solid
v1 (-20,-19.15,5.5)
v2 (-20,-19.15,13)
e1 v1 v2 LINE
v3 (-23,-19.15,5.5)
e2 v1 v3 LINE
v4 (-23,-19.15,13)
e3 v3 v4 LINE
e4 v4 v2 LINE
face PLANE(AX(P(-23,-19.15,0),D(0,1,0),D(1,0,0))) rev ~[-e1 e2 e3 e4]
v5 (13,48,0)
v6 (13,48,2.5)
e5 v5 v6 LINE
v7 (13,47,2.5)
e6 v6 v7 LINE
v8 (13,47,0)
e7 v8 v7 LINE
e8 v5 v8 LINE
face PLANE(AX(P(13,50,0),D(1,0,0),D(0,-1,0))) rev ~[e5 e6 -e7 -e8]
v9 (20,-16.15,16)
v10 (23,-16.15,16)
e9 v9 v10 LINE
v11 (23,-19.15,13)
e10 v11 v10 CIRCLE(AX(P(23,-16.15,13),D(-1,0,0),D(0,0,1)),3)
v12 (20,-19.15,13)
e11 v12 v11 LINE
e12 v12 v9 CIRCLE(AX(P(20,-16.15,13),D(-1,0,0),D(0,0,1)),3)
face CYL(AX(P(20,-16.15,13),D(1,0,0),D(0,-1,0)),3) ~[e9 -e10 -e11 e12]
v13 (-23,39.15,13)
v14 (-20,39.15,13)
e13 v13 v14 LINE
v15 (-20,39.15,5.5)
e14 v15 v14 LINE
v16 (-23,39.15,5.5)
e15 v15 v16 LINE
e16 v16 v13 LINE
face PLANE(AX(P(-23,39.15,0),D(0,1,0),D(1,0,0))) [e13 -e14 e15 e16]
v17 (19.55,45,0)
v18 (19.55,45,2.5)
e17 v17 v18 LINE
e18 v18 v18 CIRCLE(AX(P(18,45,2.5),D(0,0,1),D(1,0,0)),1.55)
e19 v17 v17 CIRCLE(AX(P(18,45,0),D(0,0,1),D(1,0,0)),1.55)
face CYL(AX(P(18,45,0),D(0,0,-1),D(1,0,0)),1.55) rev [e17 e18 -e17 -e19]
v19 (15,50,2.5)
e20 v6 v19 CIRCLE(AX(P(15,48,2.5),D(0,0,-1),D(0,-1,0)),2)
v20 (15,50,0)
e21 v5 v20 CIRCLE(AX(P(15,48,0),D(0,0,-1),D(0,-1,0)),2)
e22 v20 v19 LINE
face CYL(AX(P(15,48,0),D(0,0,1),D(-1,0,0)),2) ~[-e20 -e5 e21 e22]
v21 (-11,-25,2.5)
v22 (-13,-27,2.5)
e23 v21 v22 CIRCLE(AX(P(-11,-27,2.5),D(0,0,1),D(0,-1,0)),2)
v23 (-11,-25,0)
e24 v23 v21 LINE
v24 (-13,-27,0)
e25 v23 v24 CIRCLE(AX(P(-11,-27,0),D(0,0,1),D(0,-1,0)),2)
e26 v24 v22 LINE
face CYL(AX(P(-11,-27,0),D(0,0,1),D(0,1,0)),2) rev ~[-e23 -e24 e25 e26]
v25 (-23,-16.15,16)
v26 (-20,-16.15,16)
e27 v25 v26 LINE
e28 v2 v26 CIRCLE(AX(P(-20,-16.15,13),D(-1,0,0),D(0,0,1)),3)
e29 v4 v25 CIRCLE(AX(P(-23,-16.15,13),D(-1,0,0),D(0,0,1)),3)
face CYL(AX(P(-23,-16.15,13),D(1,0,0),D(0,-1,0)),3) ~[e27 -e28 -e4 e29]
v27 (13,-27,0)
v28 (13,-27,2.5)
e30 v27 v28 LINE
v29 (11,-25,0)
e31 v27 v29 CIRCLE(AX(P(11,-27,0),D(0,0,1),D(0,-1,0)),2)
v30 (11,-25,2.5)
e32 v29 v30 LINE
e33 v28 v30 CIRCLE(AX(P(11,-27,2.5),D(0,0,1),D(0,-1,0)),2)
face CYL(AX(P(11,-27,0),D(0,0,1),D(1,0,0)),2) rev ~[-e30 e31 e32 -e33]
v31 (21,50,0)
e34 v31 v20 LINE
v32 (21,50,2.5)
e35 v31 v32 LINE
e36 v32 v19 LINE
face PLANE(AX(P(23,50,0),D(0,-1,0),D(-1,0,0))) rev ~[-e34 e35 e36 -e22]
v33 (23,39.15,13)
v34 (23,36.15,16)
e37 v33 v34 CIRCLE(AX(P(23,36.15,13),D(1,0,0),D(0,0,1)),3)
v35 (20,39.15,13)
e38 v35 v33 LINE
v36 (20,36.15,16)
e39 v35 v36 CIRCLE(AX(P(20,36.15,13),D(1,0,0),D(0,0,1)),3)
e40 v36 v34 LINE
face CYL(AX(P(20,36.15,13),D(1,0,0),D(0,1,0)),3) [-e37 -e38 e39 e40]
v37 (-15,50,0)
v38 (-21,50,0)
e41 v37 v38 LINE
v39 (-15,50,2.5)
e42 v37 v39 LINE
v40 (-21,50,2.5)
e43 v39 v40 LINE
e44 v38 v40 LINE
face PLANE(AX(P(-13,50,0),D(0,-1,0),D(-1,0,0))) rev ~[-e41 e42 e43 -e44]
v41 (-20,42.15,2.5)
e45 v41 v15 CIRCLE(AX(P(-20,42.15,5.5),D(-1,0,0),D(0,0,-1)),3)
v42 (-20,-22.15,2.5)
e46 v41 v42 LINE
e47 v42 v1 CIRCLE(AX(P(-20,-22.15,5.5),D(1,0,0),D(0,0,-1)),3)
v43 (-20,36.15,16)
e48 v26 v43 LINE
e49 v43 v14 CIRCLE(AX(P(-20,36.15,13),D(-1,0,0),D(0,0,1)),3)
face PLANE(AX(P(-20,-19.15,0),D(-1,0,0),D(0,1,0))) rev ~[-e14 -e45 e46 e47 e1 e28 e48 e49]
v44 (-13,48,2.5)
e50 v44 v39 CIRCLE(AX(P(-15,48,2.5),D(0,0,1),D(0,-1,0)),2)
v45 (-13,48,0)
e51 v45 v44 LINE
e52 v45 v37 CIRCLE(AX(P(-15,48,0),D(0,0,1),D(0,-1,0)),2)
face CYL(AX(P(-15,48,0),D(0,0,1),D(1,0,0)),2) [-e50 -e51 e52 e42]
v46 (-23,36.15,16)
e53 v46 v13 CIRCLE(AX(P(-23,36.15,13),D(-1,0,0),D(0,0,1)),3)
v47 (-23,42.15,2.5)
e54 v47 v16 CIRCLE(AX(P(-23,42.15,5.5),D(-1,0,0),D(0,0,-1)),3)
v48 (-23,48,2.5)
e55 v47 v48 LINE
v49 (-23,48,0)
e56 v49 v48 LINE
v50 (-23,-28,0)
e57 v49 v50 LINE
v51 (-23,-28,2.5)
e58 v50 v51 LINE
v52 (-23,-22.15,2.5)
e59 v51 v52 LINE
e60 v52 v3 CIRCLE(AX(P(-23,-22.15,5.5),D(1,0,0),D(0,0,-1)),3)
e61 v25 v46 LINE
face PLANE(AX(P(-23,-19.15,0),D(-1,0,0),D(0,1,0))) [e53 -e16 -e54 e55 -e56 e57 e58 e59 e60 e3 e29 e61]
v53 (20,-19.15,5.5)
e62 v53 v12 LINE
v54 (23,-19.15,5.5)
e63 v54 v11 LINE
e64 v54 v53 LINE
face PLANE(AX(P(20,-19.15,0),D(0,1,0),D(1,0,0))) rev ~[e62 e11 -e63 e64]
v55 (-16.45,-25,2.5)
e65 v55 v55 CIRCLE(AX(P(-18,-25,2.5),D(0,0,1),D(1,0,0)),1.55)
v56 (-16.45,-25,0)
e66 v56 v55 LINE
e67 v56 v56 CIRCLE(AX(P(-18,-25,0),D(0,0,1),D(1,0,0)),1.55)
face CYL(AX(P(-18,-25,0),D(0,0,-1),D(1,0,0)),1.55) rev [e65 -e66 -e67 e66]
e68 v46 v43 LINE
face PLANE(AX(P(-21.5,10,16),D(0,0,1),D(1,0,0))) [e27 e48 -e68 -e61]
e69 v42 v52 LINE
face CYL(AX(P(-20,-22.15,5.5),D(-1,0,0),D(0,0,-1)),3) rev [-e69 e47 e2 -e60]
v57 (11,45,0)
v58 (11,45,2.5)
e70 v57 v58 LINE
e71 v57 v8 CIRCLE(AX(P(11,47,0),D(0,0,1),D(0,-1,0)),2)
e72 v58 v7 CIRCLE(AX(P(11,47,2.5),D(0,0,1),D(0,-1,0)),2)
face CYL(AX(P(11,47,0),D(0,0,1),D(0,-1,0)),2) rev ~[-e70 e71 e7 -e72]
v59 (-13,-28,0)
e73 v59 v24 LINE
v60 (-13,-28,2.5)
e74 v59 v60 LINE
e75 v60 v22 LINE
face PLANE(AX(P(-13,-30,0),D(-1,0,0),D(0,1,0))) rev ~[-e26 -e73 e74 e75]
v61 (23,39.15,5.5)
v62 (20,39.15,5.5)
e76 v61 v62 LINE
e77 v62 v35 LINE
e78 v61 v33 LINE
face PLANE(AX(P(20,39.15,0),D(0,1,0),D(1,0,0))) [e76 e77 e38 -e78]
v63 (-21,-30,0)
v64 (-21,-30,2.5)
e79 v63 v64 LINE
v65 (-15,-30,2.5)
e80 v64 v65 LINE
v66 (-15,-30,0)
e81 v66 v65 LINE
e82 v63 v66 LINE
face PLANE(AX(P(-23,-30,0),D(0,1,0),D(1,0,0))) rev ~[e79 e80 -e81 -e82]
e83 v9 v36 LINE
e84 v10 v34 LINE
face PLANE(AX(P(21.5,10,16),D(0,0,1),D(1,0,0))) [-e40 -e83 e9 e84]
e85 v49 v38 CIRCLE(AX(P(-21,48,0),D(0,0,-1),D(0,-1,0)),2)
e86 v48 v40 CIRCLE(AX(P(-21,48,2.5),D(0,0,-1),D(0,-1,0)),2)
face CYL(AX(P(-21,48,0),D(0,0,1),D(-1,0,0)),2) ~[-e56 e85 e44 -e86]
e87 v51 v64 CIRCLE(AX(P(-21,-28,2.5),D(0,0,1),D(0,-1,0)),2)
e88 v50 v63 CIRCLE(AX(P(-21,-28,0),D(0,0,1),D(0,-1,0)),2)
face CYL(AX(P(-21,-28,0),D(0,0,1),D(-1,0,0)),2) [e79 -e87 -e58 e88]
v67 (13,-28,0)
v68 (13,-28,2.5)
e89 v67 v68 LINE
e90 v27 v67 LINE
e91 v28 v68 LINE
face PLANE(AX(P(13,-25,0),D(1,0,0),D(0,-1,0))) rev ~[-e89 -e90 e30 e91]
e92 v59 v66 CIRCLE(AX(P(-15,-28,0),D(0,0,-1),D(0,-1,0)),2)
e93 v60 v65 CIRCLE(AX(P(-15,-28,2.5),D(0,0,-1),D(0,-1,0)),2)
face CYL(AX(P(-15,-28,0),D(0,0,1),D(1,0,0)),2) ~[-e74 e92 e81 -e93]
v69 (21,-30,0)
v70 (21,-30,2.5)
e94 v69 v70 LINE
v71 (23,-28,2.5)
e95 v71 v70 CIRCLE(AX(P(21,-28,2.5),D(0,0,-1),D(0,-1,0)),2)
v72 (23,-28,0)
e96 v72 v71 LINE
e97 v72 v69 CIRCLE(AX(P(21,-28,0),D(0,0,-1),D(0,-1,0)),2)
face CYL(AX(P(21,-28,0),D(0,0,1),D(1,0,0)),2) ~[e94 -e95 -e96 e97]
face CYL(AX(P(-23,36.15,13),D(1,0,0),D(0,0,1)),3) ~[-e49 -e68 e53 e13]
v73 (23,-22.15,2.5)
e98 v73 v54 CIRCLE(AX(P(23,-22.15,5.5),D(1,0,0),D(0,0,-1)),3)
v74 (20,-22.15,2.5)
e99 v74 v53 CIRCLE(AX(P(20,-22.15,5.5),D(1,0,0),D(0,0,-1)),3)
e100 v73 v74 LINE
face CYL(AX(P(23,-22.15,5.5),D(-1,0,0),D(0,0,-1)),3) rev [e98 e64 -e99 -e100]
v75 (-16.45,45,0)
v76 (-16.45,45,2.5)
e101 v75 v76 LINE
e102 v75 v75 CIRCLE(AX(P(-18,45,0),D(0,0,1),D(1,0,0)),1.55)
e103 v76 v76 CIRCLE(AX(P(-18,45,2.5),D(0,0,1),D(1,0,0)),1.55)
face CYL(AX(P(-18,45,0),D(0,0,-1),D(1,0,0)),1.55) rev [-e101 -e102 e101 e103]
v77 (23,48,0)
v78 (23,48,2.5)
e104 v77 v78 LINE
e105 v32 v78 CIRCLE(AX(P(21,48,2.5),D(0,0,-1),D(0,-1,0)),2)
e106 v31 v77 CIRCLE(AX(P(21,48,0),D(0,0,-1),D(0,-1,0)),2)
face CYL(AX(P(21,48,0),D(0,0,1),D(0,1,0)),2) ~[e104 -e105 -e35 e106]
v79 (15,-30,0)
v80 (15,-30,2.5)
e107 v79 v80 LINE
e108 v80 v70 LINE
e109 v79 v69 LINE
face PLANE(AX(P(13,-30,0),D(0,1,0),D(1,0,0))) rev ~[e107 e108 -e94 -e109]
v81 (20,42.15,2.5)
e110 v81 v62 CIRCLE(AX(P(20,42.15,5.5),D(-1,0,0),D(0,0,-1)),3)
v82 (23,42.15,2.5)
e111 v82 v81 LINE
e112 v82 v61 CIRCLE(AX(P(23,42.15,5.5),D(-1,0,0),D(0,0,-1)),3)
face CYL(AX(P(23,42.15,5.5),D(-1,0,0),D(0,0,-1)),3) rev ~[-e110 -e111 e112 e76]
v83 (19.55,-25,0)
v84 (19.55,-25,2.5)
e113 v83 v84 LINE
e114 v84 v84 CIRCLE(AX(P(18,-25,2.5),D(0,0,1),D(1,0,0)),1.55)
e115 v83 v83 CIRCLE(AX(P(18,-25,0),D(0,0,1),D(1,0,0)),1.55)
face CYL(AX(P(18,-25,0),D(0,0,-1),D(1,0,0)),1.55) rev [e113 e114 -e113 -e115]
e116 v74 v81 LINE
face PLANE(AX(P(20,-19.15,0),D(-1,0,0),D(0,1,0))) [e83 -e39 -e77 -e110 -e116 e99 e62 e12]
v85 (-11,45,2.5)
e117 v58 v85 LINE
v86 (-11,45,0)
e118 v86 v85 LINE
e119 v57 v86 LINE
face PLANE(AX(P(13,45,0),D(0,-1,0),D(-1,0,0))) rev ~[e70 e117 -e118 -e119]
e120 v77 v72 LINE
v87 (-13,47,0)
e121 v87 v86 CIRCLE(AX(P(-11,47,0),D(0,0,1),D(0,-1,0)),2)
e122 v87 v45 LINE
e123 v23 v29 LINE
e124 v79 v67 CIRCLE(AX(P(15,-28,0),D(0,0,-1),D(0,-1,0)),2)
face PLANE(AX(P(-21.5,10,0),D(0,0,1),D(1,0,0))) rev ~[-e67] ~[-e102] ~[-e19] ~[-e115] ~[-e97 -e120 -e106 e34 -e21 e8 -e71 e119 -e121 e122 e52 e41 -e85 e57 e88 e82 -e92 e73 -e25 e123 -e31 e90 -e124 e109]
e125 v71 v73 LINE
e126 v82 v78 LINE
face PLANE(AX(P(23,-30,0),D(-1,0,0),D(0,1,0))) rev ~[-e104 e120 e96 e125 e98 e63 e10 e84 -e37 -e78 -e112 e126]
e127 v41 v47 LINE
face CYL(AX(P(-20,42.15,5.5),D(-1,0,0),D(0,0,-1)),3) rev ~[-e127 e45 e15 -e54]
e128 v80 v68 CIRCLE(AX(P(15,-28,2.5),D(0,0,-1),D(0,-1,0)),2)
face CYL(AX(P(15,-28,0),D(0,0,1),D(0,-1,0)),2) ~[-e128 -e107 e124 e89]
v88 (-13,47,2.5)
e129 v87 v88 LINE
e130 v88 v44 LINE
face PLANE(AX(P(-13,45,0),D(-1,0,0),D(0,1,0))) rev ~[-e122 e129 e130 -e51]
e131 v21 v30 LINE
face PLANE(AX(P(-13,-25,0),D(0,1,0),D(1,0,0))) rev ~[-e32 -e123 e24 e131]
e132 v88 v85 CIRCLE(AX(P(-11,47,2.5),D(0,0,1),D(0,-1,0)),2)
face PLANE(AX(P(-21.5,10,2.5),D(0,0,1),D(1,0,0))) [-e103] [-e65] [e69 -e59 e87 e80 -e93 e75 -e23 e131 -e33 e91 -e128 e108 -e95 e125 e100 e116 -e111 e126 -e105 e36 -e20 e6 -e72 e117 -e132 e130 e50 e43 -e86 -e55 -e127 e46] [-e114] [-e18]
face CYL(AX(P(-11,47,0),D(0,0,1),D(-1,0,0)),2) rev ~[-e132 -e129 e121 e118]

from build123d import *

# Parameters (mm, degrees)
SKETCH1_R           = 1.55
BOSS_EXTRUDE2_DEPTH = 2.5
SKETCH1_4_W         = 3
SKETCH1_4_H         = 58.3
BOSS_EXTRUDE3_DEPTH = 16
FILLET1_R           = 2
FILLET2_R           = 3


with BuildPart() as part:
    # Sketch1 → Boss-Extrude2 (new body)
    with BuildSketch(Plane.XY):
        Polygon((-23, -30), (-13, -30), (-13, -25), (13, -25), (13, -30), (23, -30), (23, 50), (13, 50), (13, 45), (-13, 45), (-13, 50), (-23, 50), align=None)
        with Locations((-18, 45)):
            Circle(SKETCH1_R, mode=Mode.SUBTRACT)
        with Locations((18, 45)):
            Circle(SKETCH1_R, mode=Mode.SUBTRACT)
        with Locations((18, -25)):
            Circle(SKETCH1_R, mode=Mode.SUBTRACT)
        with Locations((-18, -25)):
            Circle(SKETCH1_R, mode=Mode.SUBTRACT)
    extrude(amount=BOSS_EXTRUDE2_DEPTH)

    # Sketch1<4> → Boss-Extrude3 (add)
    with BuildSketch(Plane.XY):
        with Locations((-21.5, 10)):
            Rectangle(SKETCH1_4_W, SKETCH1_4_H)
        with Locations((21.5, 10)):
            Rectangle(SKETCH1_4_W, SKETCH1_4_H)
    extrude(amount=BOSS_EXTRUDE3_DEPTH)

    # Fillet1
    fillet1_edges = [part.edges().sort_by_distance(p)[0] for p in [
        (-23, -30, 1.25),
        (-13, -30, 1.25),
        (-13, -25, 1.25),
        (13, -25, 1.25),
        (13, -30, 1.25),
        (23, -30, 1.25),
        (13, 50, 1.25),
        (13, 45, 1.25),
        (-13, 45, 1.25),
        (-13, 50, 1.25),
        (-23, 50, 1.25),
        (23, 50, 1.25),
    ]]
    fillet(fillet1_edges, radius=FILLET1_R)

    # Fillet2
    fillet2_edges = [part.edges().sort_by_distance(p)[0] for p in [
        (-21.5, -19.15, 2.5),
        (-21.5, -19.15, 16),
        (-21.5, 39.15, 16),
        (-21.5, 39.15, 2.5),
        (21.5, -19.15, 16),
        (21.5, -19.15, 2.5),
        (21.5, 39.15, 16),
        (21.5, 39.15, 2.5),
    ]]
    fillet(fillet2_edges, radius=FILLET2_R)


solid = part.part
